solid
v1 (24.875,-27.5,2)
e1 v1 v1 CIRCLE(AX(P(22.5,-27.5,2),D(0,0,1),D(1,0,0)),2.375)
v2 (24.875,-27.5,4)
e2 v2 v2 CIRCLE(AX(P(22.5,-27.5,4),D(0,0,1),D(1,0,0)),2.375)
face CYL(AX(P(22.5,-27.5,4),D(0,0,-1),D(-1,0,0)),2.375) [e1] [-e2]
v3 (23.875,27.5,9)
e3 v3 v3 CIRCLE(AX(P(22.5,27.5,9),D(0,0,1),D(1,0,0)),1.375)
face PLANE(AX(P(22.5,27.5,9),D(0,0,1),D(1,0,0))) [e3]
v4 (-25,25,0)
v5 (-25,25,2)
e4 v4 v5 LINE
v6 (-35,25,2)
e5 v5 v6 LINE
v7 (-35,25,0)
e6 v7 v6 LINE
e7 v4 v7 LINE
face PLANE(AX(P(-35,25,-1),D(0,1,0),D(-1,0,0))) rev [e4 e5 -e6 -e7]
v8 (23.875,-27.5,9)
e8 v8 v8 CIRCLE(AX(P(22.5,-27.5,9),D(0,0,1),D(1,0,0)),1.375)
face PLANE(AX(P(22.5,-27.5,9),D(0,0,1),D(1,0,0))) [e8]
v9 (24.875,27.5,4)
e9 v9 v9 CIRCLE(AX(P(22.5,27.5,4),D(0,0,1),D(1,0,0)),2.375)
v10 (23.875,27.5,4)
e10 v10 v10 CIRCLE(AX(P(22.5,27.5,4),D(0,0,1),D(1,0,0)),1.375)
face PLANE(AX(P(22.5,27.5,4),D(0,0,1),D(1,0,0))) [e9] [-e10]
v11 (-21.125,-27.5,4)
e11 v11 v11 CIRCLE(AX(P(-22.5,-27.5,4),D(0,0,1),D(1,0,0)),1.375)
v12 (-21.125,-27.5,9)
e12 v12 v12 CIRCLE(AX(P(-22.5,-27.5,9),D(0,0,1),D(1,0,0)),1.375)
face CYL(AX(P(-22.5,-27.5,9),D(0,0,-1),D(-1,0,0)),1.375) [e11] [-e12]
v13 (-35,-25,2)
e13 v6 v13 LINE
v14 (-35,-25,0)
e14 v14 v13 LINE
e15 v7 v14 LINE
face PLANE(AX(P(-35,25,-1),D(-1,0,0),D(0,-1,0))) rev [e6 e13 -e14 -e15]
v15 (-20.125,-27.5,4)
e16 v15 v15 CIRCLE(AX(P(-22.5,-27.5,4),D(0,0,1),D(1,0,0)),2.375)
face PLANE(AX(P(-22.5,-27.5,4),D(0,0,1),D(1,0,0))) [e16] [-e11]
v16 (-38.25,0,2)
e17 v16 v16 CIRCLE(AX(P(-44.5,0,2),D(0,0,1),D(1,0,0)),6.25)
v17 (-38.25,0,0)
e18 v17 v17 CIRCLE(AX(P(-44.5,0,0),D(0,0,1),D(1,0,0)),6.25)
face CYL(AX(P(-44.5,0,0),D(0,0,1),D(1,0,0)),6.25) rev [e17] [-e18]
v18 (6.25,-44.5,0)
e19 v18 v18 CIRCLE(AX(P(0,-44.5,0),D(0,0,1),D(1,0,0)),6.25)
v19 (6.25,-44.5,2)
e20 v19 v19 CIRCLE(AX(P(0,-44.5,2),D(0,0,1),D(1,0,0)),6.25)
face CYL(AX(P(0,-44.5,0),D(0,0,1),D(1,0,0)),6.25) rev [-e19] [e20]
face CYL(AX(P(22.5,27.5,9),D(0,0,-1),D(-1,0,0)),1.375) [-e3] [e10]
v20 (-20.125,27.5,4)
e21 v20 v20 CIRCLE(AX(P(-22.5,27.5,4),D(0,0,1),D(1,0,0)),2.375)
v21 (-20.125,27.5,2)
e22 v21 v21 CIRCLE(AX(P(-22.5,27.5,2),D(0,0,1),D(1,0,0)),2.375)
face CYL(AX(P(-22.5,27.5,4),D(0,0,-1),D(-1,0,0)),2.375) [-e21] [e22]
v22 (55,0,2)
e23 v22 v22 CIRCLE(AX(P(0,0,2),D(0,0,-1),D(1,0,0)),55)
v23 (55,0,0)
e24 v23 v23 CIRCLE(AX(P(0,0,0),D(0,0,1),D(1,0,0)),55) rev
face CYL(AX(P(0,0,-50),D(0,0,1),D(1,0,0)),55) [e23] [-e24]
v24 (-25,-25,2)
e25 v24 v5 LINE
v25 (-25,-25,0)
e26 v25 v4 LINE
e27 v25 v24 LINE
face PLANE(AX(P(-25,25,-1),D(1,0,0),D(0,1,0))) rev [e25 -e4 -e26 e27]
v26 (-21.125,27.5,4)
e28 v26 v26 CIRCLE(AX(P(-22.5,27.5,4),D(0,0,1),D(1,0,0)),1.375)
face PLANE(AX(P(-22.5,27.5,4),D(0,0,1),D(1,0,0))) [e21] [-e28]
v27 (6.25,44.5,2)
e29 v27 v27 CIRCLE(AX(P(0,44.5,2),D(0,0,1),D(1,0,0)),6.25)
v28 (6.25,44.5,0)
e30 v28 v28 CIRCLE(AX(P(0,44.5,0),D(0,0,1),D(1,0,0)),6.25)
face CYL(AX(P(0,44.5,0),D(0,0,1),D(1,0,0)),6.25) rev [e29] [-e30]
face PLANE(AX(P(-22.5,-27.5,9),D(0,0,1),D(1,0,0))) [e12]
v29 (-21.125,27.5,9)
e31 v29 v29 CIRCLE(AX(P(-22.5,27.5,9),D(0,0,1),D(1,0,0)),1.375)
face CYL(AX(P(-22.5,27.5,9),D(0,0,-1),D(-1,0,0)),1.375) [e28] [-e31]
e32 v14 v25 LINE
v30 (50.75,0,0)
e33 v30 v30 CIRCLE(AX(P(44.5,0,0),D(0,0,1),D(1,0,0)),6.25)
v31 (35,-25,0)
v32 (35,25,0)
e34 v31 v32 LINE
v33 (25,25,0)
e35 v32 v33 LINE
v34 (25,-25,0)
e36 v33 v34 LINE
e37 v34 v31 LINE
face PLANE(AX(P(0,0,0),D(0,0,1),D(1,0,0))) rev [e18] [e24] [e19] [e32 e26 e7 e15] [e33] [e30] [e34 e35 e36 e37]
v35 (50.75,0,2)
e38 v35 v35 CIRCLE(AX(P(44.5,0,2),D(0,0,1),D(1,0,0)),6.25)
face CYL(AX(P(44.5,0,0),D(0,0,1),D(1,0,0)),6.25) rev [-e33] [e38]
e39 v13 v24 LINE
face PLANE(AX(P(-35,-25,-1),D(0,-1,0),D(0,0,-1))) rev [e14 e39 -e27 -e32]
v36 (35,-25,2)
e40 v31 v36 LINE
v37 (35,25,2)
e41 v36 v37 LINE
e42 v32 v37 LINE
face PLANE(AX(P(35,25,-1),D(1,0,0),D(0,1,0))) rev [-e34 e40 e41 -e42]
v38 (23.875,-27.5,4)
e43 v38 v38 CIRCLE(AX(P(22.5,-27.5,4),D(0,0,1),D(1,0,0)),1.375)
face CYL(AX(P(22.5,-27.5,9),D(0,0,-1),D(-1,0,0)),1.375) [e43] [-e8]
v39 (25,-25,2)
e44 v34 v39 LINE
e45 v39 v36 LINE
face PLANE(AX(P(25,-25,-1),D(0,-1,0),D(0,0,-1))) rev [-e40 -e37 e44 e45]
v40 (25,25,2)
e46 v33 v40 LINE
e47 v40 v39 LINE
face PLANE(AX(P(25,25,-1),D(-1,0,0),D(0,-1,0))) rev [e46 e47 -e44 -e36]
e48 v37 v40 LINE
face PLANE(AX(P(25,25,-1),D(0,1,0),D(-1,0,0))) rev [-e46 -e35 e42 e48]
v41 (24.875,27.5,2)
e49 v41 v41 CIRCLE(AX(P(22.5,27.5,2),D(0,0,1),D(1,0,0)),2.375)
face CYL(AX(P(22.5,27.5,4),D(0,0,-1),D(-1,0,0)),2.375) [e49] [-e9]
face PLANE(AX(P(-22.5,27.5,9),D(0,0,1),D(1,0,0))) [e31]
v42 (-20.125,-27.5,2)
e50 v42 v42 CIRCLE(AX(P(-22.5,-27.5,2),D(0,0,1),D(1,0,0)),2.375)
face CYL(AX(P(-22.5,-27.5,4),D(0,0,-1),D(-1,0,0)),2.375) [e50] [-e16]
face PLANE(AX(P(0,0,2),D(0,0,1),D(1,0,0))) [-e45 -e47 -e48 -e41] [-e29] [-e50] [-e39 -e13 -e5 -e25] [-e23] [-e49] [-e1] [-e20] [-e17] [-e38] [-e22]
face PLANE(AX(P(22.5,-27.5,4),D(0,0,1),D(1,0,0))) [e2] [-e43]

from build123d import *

# Parameters (mm, degrees)
SKETCH4_R           = 59
BOSS_EXTRUDE3_DEPTH = 2
SKETCH5_R           = 1.375
BOSS_EXTRUDE5_DEPTH = 7
SKETCH8_R           = 2.375
BOSS_EXTRUDE6_DEPTH = 2
BOSS_EXTRUDE7_DEPTH = 18
SKETCH10_R          = 7.5
CUT_EXTRUDE1_DEPTH  = 18
SKETCH12_R          = 57.5
CUT_EXTRUDE2_DEPTH  = 5
CUT_EXTRUDE3_DEPTH  = 5.5
SKETCH15_R          = 89.714021058
SKETCH15_R_2        = 57
CUT_EXTRUDE4_DEPTH  = 22
SKETCH16_R          = 62.462022857
CUT_EXTRUDE8_DEPTH  = 52
CUT_EXTRUDE9_DEPTH  = 52
SKETCH18_R          = 80.62246508
SKETCH18_R_2        = 55
CUT_EXTRUDE10_DEPTH = 10
SKETCH19_R          = 55
BOSS_EXTRUDE8_DEPTH = 2
SKETCH20_R          = 6.25
CUT_EXTRUDE11_DEPTH = 2
SKETCH21_W          = 10
SKETCH21_H          = 50
CUT_EXTRUDE12_DEPTH = 3


with BuildPart() as part:
    # Sketch4 → Boss-Extrude3 (new body)
    with BuildSketch(Plane.XY):
        Circle(SKETCH4_R)
    extrude(amount=BOSS_EXTRUDE3_DEPTH)

    # Sketch5 → Boss-Extrude5 (add)
    with BuildSketch(Plane.XY.offset(2)):
        with Locations((-22.5, 27.5)):
            Circle(SKETCH5_R)
        with Locations((22.5, 27.5)):
            Circle(SKETCH5_R)
        with Locations((22.5, -27.5)):
            Circle(SKETCH5_R)
        with Locations((-22.5, -27.5)):
            Circle(SKETCH5_R)
    extrude(amount=BOSS_EXTRUDE5_DEPTH)

    # Sketch8 → Boss-Extrude6 (add)
    with BuildSketch(Plane.XY.offset(2)):
        with Locations((-22.5, 27.5)):
            Circle(SKETCH8_R)
        with Locations((22.5, 27.5)):
            Circle(SKETCH8_R)
        with Locations((-22.5, -27.5)):
            Circle(SKETCH8_R)
        with Locations((22.5, -27.5)):
            Circle(SKETCH8_R)
    extrude(amount=BOSS_EXTRUDE6_DEPTH)

    # Sketch9 → Boss-Extrude7 (add)
    with BuildSketch(Plane.XY.offset(2)):
        with BuildLine():
            ThreePointArc((-4.745762712, 55.798546005), (0, 56), (4.745762712, 55.798546005))
            Line((4.745762712, 55.798546005), (5, 58.787753827))
            ThreePointArc((5, 58.787753827), (0, 59), (-5, 58.787753827))
            Line((-5, 58.787753827), (-4.745762712, 55.798546005))
        make_face()
        with BuildLine():
            Line((-55.798546005, 4.745762712), (-58.787753827, 5))
            ThreePointArc((-58.787753827, 5), (-59, 0), (-58.787753827, -5))
            Line((-58.787753827, -5), (-55.798546005, -4.745762712))
            ThreePointArc((-55.798546005, -4.745762712), (-56, 0), (-55.798546005, 4.745762712))
        make_face()
        with BuildLine():
            ThreePointArc((58.787753827, -5), (59, 0), (58.787753827, 5))
            Line((58.787753827, 5), (55.798546005, 4.745762712))
            ThreePointArc((55.798546005, 4.745762712), (56, 0), (55.798546005, -4.745762712))
            Line((55.798546005, -4.745762712), (58.787753827, -5))
        make_face()
        with BuildLine():
            ThreePointArc((-4.745762712, -55.798546005), (0, -56), (4.745762712, -55.798546005))
            Line((4.745762712, -55.798546005), (5, -58.787753827))
            ThreePointArc((5, -58.787753827), (0, -59), (-5, -58.787753827))
            Line((-5, -58.787753827), (-4.745762712, -55.798546005))
        make_face()
    extrude(amount=BOSS_EXTRUDE7_DEPTH)

    # Sketch10 → Cut-Extrude1 (cut)
    with BuildSketch(Plane.XY.offset(2)):
        with Locations((-40, 0)):
            Circle(SKETCH10_R)
    extrude(amount=-CUT_EXTRUDE1_DEPTH, mode=Mode.SUBTRACT)

    # Sketch12 → Cut-Extrude2 (cut)
    with BuildSketch(Plane.XY.offset(20)):
        Circle(SKETCH12_R)
    extrude(amount=-CUT_EXTRUDE2_DEPTH, mode=Mode.SUBTRACT)

    # Sketch13 → Cut-Extrude3 (cut)
    with BuildSketch(Plane(origin=(0, 0, 0), x_dir=(-1, 0, 0), z_dir=(0, 0, -1))):
        with BuildLine():
            Line((-57.243329786, 4.868644068), (-58.787753827, 5))
            ThreePointArc((-58.787753827, 5), (-59, 0), (-58.787753827, -5))
            Line((-58.787753827, -5), (-57.243329786, -4.868644068))
            ThreePointArc((-57.243329786, -4.868644068), (-57.45, 0), (-57.243329786, 4.868644068))
        make_face()
        with BuildLine():
            ThreePointArc((5, 58.787753827), (0, 59), (-5, 58.787753827))
            Line((-5, 58.787753827), (-4.868644068, 57.243329786))
            ThreePointArc((-4.868644068, 57.243329786), (0, 57.45), (4.868644068, 57.243329786))
            Line((4.868644068, 57.243329786), (5, 58.787753827))
        make_face()
        with BuildLine():
            Line((-4.868644068, -57.243329786), (-5, -58.787753827))
            ThreePointArc((-5, -58.787753827), (0, -59), (5, -58.787753827))
            Line((5, -58.787753827), (4.868644068, -57.243329786))
            ThreePointArc((4.868644068, -57.243329786), (0, -57.45), (-4.868644068, -57.243329786))
        make_face()
        with BuildLine():
            ThreePointArc((58.787753827, -5), (59, 0), (58.787753827, 5))
            Line((58.787753827, 5), (57.243329786, 4.868644068))
            ThreePointArc((57.243329786, 4.868644068), (57.45, 0), (57.243329786, -4.868644068))
            Line((57.243329786, -4.868644068), (58.787753827, -5))
        make_face()
    extrude(amount=-CUT_EXTRUDE3_DEPTH, mode=Mode.SUBTRACT)

    # Sketch15 → Cut-Extrude4 (cut)
    with BuildSketch(Plane(origin=(0, 0, 0), x_dir=(-1, 0, 0), z_dir=(0, 0, -1))):
        Circle(SKETCH15_R)
        Circle(SKETCH15_R_2, mode=Mode.SUBTRACT)
    extrude(amount=-CUT_EXTRUDE4_DEPTH, mode=Mode.SUBTRACT)

    # Sketch16 → Cut-Extrude8 (cut)
    with BuildSketch(Plane.XY.offset(2)):
        Circle(SKETCH16_R)
        with BuildLine():
            Line((55.798546005, 4.745762712), (56.794948612, 4.830508475))
            ThreePointArc((56.794948612, 4.830508475), (40.305086528, 40.305086528), (4.830508475, 56.794948612))
            Line((4.830508475, 56.794948612), (4.745762712, 55.798546005))
            ThreePointArc((4.745762712, 55.798546005), (0, 56), (-4.745762712, 55.798546005))
            Line((-4.745762712, 55.798546005), (-4.830508475, 56.794948612))
            ThreePointArc((-4.830508475, 56.794948612), (-40.305086528, 40.305086528), (-56.794948612, 4.830508475))
            Line((-56.794948612, 4.830508475), (-55.798546005, 4.745762712))
            ThreePointArc((-55.798546005, 4.745762712), (-56, 0), (-55.798546005, -4.745762712))
            Line((-55.798546005, -4.745762712), (-56.794948612, -4.830508475))
            ThreePointArc((-56.794948612, -4.830508475), (-40.305086528, -40.305086528), (-4.830508475, -56.794948612))
            Line((-4.830508475, -56.794948612), (-4.745762712, -55.798546005))
            ThreePointArc((-4.745762712, -55.798546005), (0, -56), (4.745762712, -55.798546005))
            Line((4.745762712, -55.798546005), (4.830508475, -56.794948612))
            ThreePointArc((4.830508475, -56.794948612), (40.305086528, -40.305086528), (56.794948612, -4.830508475))
            Line((56.794948612, -4.830508475), (55.798546005, -4.745762712))
            ThreePointArc((55.798546005, -4.745762712), (56, 0), (55.798546005, 4.745762712))
        make_face(mode=Mode.SUBTRACT)
    extrude(amount=CUT_EXTRUDE8_DEPTH, mode=Mode.SUBTRACT)

    # Sketch17 → Cut-Extrude9 (cut)
    with BuildSketch(Plane.XY.offset(2)):
        with BuildLine():
            Line((-5, 57), (5, 57))
            Line((5, 57), (4.806106124, 54.789609817))
            ThreePointArc((4.806106124, 54.789609817), (0, 55), (-4.806106124, 54.789609817))
            Line((-4.806106124, 54.789609817), (-5, 57))
        make_face()
        with BuildLine():
            Line((54.789609817, 4.806106124), (57, 5))
            Line((57, 5), (57, -5))
            Line((57, -5), (54.789609817, -4.806106124))
            ThreePointArc((54.789609817, -4.806106124), (55, 0), (54.789609817, 4.806106124))
        make_face()
        with BuildLine():
            Line((4.806106124, -54.789609817), (5, -57))
            Line((5, -57), (-5, -57))
            Line((-5, -57), (-4.806106124, -54.789609817))
            ThreePointArc((-4.806106124, -54.789609817), (0, -55), (4.806106124, -54.789609817))
        make_face()
        with BuildLine():
            Line((-54.789609817, -4.806106124), (-57, -5))
            Line((-57, -5), (-57, 5))
            Line((-57, 5), (-54.789609817, 4.806106124))
            ThreePointArc((-54.789609817, 4.806106124), (-55, 0), (-54.789609817, -4.806106124))
        make_face()
    extrude(amount=-CUT_EXTRUDE9_DEPTH, mode=Mode.SUBTRACT)

    # Sketch18 → Cut-Extrude10 (cut)
    with BuildSketch(Plane.XY.offset(2)):
        Circle(SKETCH18_R)
        Circle(SKETCH18_R_2, mode=Mode.SUBTRACT)
    extrude(amount=-CUT_EXTRUDE10_DEPTH, mode=Mode.SUBTRACT)

    # Sketch19 → Boss-Extrude8 (add)
    with BuildSketch(Plane.XY.offset(2)):
        Circle(SKETCH19_R)
    extrude(amount=-BOSS_EXTRUDE8_DEPTH)

    # Sketch20 → Cut-Extrude11 (cut)
    with BuildSketch(Plane.XY.offset(2)):
        with Locations((0, 44.5)):
            Circle(SKETCH20_R)
        with Locations((44.5, 0)):
            Circle(SKETCH20_R)
        with Locations((0, -44.5)):
            Circle(SKETCH20_R)
        with Locations((-44.5, 0)):
            Circle(SKETCH20_R)
    extrude(amount=-CUT_EXTRUDE11_DEPTH, mode=Mode.SUBTRACT)

    # Sketch21 → Cut-Extrude12 (cut)
    with BuildSketch(Plane.XY.offset(2)):
        with Locations((30, 0)):
            Rectangle(SKETCH21_W, SKETCH21_H)
        with Locations((-30, 0)):
            Rectangle(SKETCH21_W, SKETCH21_H)
    extrude(amount=-CUT_EXTRUDE12_DEPTH, mode=Mode.SUBTRACT)


solid = part.part
